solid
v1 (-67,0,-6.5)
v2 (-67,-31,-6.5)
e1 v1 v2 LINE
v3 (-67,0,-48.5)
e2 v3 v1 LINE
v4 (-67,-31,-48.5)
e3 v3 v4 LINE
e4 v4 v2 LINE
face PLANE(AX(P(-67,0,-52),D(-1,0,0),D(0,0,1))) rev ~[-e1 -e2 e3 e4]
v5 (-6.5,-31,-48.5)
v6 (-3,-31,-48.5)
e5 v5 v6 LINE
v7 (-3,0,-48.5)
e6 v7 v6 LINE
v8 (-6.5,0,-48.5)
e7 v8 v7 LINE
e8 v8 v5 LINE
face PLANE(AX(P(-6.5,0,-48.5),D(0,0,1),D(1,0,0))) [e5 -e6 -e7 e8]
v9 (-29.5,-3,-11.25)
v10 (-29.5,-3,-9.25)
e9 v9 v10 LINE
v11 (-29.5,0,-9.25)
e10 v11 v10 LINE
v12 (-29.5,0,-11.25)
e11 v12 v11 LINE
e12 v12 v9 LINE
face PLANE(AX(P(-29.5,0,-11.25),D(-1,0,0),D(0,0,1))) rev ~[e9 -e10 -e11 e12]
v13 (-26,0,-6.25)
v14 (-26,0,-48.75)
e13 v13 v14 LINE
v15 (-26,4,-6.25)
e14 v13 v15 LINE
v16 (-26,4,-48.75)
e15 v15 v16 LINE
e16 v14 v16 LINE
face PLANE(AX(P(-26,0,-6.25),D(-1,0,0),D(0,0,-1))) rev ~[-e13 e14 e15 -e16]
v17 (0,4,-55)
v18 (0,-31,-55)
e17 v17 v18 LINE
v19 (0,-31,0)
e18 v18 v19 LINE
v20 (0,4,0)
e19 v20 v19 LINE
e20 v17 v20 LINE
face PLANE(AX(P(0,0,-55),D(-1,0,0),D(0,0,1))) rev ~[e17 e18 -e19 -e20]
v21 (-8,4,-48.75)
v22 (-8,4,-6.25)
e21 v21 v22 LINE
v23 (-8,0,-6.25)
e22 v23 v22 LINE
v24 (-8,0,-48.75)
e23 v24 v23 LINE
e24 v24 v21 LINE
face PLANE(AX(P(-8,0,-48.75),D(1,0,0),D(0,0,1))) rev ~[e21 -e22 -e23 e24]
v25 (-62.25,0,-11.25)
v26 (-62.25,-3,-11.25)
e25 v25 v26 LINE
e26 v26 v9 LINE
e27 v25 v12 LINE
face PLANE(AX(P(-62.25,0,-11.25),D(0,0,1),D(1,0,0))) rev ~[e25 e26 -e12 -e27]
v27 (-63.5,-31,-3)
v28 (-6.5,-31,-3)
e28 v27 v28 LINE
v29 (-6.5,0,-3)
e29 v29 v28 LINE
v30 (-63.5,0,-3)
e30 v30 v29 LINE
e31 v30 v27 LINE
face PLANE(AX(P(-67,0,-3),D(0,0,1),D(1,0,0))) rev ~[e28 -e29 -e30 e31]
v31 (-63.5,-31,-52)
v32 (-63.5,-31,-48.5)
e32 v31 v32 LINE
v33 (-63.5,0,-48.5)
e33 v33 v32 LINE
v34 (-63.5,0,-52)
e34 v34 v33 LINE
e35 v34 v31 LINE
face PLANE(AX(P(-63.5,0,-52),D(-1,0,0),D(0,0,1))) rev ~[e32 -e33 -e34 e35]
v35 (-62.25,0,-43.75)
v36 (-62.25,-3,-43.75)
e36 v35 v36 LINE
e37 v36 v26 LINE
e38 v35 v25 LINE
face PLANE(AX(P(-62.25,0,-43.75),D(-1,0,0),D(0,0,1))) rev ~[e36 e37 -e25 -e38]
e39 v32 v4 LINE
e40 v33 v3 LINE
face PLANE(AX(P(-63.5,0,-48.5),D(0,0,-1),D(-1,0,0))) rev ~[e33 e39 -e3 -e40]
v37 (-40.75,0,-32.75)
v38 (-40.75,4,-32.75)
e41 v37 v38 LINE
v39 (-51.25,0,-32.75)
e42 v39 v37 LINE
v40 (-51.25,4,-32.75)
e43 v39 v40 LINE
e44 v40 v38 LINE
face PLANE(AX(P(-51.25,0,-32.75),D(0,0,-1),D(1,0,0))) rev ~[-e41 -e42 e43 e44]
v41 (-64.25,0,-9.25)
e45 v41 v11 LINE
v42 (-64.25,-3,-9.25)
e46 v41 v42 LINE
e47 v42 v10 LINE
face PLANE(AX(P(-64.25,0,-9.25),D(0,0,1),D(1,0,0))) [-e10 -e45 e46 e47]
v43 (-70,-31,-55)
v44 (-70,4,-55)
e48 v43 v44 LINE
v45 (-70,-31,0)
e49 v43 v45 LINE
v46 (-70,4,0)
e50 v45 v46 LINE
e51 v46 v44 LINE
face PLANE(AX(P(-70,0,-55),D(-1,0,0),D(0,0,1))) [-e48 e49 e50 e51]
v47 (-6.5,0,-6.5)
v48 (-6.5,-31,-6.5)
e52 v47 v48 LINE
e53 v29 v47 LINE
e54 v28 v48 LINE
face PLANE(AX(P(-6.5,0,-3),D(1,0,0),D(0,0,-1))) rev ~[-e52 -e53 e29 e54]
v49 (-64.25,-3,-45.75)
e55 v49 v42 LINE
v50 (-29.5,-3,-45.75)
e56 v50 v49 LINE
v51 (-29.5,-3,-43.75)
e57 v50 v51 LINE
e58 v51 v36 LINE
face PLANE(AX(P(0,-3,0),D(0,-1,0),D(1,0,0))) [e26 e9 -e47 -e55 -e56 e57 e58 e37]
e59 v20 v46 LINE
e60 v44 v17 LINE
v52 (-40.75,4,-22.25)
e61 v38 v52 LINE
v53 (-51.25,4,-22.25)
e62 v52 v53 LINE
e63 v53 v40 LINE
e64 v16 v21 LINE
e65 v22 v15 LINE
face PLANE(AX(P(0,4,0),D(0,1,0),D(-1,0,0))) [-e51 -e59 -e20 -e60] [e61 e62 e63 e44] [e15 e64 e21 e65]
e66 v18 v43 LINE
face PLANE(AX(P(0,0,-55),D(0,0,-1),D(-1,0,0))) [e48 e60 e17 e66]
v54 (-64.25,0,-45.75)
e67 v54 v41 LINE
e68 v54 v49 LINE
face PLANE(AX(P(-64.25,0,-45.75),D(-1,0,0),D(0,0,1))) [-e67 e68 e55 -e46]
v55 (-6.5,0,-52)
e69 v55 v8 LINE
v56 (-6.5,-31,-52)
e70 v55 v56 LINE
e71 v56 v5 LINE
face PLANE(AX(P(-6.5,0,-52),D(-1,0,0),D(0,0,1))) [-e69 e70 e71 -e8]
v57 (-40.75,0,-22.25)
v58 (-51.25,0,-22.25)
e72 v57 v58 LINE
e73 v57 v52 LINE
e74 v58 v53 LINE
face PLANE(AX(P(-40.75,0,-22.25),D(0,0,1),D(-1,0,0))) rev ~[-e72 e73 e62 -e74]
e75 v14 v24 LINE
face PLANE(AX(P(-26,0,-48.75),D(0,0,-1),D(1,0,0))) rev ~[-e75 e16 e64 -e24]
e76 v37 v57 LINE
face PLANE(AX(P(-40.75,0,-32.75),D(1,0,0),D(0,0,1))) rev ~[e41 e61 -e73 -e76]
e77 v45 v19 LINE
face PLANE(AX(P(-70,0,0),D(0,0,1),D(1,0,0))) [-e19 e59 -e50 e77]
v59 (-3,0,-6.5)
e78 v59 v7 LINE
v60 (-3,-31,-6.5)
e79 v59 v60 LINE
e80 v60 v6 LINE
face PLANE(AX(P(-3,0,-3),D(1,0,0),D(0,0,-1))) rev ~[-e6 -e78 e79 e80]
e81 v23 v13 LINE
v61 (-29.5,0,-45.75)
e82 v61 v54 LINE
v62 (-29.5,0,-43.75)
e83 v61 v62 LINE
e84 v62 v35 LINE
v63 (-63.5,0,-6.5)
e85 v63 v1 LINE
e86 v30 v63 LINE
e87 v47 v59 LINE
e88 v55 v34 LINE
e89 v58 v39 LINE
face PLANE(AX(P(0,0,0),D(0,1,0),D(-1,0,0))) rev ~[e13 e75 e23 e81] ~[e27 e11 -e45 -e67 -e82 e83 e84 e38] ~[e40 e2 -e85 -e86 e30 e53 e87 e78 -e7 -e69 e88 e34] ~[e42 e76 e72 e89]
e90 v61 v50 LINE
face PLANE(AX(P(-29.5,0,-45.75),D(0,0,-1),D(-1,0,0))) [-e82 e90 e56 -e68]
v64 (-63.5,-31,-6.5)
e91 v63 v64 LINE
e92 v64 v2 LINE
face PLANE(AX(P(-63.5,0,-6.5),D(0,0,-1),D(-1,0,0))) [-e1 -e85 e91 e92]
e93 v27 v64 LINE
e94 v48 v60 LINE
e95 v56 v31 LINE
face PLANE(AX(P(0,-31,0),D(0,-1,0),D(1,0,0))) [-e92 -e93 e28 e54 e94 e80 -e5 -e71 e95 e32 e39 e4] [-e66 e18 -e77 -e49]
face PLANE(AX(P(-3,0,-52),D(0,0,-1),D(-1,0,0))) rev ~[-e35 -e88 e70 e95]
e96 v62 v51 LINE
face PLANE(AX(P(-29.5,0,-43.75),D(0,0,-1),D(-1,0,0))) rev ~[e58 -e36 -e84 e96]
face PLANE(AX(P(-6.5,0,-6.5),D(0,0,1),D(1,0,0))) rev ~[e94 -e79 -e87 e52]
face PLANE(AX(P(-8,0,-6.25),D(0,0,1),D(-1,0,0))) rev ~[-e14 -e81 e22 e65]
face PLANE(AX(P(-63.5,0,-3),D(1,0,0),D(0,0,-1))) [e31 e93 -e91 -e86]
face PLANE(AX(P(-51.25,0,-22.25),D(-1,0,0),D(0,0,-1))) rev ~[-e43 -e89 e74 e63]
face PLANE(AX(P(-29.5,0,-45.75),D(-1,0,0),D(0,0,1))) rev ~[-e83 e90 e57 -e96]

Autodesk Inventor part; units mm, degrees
ref_plane "YZ Plane" through (0, 0, 0) normal (1, 0, 0) x (0, 1, 0)
ref_plane "XZ Plane" through (0, 0, 0) normal (0, 1, 0) x (-1, 0, 0)
ref_plane "XY Plane" through (0, 0, 0) normal (0, 0, 1) x (1, 0, 0)
sketch "Sketch1" plane through (0, 0, 0) normal (0, 1, 0) x (-1, 0, 0)
  line L0 (0, 0) -> (70, 0)
  line L1 (70, 0) -> (70, -55)
  line L2 (70, -55) -> (0, -55)
  line L3 (0, -55) -> (0, 0)
  line L4 (51.25, -32.75) -> (40.75, -32.75)
  line L5 (40.75, -32.75) -> (40.75, -22.25)
  line L6 (40.75, -22.25) -> (51.25, -22.25)
  line L7 (51.25, -22.25) -> (51.25, -32.75)
  line L8 (26, -48.75) -> (8, -48.75)
  line L9 (8, -48.75) -> (8, -6.25)
  line L10 (8, -6.25) -> (26, -6.25)
  line L11 (26, -6.25) -> (26, -48.75)
  dimension "d0" = 70
  dimension "d1" = 55
  dimension "d2" = 10.5
  dimension "d3" = 10.5
  dimension "d4" = 18
  dimension "d5" = 42.5
  dimension "d6" = 6.25
  dimension "d7" = 22.25
  dimension "d8" = 8
  dimension "d9" = 18.75
extrude "Extrusion1" add sketch "Sketch1" along normal blind 4
sketch "Sketch2" plane through (0, 0, 0) normal (0, -1, 0) x (1, 0, 0)
  line L0 (0, 0) -> (0, -55) projected
  line L1 (-70, 0) -> (0, 0) projected
  line L2 (0, -55) -> (-70, -55)
  line L3 (-70, -55) -> (-70, 0)
  line L4 (-70, 0) -> (0, 0)
  line L5 (0, 0) -> (0, -55)
  line L6 (-3, -52) -> (-67, -52)
  line L7 (-67, -52) -> (-67, -3)
  line L8 (-67, -3) -> (-3, -3)
  line L9 (-3, -3) -> (-3, -52)
  line L10 (-29.5, -43.75) -> (-62.25, -43.75)
  line L11 (-62.25, -43.75) -> (-62.25, -11.25)
  line L12 (-62.25, -11.25) -> (-29.5, -11.25)
  line L13 (-40.75, -32.75) -> (-51.25, -32.75) projected
  line L14 (-51.25, -22.25) -> (-40.75, -22.25) projected
  line L15 (-51.25, -32.75) -> (-51.25, -22.25) projected
  line L16 (-40.75, -22.25) -> (-40.75, -32.75) projected
  line L17 (-29.5, -45.75) -> (-64.25, -45.75)
  line L18 (-64.25, -45.75) -> (-64.25, -9.25)
  line L19 (-64.25, -9.25) -> (-29.5, -9.25)
  line L20 (-29.5, -45.75) -> (-29.5, -43.75)
  line L21 (-29.5, -11.25) -> (-29.5, -9.25)
  dimension "d14" = 3
  dimension "d15" = 3
  dimension "d16" = 3
  dimension "d17" = 3
  dimension "d18" = 32.75
  dimension "d19" = 11
  dimension "d20" = 11
  dimension "d21" = 11
  dimension "d23" = 2
  dimension "d24" = 2
  dimension "d25" = 2
extrude "Extrusion2" add sketch "Sketch2" along normal blind 3 contours L20 L17 L18 L19 L21 L12 L11 L10
sketch "Sketch3" plane through (0, 0, 0) normal (0, -1, 0) x (1, 0, 0)
  line L0 (0, -55) -> (0, 0) projected
  line L1 (0, -55) -> (-70, -55)
  line L2 (-70, -55) -> (-70, 0)
  line L3 (-70, 0) -> (0, 0)
  line L4 (0, 0) -> (0, -55)
  line L5 (-3, -52) -> (-67, -52)
  line L6 (-67, -52) -> (-67, -3)
  line L7 (-67, -3) -> (-3, -3)
  line L8 (-3, -3) -> (-3, -52)
  dimension "d28" = 3
  dimension "d29" = 3
  dimension "d30" = 3
  dimension "d31" = 3
extrude "Extrusion3" add sketch "Sketch3" along normal blind 31
sketch "Sketch4" plane through (0, 0, 0) normal (0, -1, 0) x (1, 0, 0)
  line L0 (-3, -52) -> (-6.5, -52)
  line L1 (-6.5, -52) -> (-6.5, -48.5)
  line L2 (-6.5, -48.5) -> (-3, -48.5)
  line L3 (-3, -48.5) -> (-3, -52)
  line L4 (-3, -6.5116) -> (-3, -3.0116)
  line L5 (-67, -3) -> (-67, -52) projected
  line L6 (-67, -52) -> (-63.5, -52)
  line L7 (-63.5, -52) -> (-63.5, -48.5)
  line L8 (-63.5, -48.5) -> (-67, -48.5)
  line L9 (-67, -48.5) -> (-67, -52)
  line L10 (-67, -3) -> (-63.5, -3)
  line L11 (-63.5, -3) -> (-63.5, -6.5)
  line L12 (-63.5, -6.5) -> (-67, -6.5)
  line L13 (-67, -6.5) -> (-67, -3)
  line L14 (-3, -3) -> (-3, -52) projected
  line L15 (-3, -3) -> (-6.5, -3)
  line L16 (-6.5, -3) -> (-6.5, -6.5)
  line L17 (-6.5, -6.5) -> (-3, -6.5)
  line L18 (-3, -6.5) -> (-3, -3)
  point P0 (0, 0)
  dimension "d34" = 3.5
  dimension "d35" = 3.5
  dimension "d38" = 3.5
  dimension "d39" = 3.5
  dimension "d40" = 3.5
  dimension "d41" = 3.5
  dimension "d42" = 3.5
  dimension "d43" = 3.5
extrude "Extrusion4" add sketch "Sketch4" along normal blind 31
sketch "Sketch5" plane through (0, 4, 0) normal (1, 0, 0) x (0, 0, -1)
  line L0 (48.75, -16) -> (6.25, -16)
  line L1 (6.25, -16) -> (6.25, -35)
  line L2 (6.25, -35) -> (48.75, -35)
  line L3 (48.75, -35) -> (48.75, -16)
  line L4 (0, 0) -> (55, 0) projected
  line L5 (55, 0) -> (55, -35) projected
  point P0 (0, -4)
  dimension "d46" = 42.5
  dimension "d47" = 19
  dimension "d48" = 16
  dimension "d49" = 6.25
properties part number "test_camAndultra_sideprofiles"
